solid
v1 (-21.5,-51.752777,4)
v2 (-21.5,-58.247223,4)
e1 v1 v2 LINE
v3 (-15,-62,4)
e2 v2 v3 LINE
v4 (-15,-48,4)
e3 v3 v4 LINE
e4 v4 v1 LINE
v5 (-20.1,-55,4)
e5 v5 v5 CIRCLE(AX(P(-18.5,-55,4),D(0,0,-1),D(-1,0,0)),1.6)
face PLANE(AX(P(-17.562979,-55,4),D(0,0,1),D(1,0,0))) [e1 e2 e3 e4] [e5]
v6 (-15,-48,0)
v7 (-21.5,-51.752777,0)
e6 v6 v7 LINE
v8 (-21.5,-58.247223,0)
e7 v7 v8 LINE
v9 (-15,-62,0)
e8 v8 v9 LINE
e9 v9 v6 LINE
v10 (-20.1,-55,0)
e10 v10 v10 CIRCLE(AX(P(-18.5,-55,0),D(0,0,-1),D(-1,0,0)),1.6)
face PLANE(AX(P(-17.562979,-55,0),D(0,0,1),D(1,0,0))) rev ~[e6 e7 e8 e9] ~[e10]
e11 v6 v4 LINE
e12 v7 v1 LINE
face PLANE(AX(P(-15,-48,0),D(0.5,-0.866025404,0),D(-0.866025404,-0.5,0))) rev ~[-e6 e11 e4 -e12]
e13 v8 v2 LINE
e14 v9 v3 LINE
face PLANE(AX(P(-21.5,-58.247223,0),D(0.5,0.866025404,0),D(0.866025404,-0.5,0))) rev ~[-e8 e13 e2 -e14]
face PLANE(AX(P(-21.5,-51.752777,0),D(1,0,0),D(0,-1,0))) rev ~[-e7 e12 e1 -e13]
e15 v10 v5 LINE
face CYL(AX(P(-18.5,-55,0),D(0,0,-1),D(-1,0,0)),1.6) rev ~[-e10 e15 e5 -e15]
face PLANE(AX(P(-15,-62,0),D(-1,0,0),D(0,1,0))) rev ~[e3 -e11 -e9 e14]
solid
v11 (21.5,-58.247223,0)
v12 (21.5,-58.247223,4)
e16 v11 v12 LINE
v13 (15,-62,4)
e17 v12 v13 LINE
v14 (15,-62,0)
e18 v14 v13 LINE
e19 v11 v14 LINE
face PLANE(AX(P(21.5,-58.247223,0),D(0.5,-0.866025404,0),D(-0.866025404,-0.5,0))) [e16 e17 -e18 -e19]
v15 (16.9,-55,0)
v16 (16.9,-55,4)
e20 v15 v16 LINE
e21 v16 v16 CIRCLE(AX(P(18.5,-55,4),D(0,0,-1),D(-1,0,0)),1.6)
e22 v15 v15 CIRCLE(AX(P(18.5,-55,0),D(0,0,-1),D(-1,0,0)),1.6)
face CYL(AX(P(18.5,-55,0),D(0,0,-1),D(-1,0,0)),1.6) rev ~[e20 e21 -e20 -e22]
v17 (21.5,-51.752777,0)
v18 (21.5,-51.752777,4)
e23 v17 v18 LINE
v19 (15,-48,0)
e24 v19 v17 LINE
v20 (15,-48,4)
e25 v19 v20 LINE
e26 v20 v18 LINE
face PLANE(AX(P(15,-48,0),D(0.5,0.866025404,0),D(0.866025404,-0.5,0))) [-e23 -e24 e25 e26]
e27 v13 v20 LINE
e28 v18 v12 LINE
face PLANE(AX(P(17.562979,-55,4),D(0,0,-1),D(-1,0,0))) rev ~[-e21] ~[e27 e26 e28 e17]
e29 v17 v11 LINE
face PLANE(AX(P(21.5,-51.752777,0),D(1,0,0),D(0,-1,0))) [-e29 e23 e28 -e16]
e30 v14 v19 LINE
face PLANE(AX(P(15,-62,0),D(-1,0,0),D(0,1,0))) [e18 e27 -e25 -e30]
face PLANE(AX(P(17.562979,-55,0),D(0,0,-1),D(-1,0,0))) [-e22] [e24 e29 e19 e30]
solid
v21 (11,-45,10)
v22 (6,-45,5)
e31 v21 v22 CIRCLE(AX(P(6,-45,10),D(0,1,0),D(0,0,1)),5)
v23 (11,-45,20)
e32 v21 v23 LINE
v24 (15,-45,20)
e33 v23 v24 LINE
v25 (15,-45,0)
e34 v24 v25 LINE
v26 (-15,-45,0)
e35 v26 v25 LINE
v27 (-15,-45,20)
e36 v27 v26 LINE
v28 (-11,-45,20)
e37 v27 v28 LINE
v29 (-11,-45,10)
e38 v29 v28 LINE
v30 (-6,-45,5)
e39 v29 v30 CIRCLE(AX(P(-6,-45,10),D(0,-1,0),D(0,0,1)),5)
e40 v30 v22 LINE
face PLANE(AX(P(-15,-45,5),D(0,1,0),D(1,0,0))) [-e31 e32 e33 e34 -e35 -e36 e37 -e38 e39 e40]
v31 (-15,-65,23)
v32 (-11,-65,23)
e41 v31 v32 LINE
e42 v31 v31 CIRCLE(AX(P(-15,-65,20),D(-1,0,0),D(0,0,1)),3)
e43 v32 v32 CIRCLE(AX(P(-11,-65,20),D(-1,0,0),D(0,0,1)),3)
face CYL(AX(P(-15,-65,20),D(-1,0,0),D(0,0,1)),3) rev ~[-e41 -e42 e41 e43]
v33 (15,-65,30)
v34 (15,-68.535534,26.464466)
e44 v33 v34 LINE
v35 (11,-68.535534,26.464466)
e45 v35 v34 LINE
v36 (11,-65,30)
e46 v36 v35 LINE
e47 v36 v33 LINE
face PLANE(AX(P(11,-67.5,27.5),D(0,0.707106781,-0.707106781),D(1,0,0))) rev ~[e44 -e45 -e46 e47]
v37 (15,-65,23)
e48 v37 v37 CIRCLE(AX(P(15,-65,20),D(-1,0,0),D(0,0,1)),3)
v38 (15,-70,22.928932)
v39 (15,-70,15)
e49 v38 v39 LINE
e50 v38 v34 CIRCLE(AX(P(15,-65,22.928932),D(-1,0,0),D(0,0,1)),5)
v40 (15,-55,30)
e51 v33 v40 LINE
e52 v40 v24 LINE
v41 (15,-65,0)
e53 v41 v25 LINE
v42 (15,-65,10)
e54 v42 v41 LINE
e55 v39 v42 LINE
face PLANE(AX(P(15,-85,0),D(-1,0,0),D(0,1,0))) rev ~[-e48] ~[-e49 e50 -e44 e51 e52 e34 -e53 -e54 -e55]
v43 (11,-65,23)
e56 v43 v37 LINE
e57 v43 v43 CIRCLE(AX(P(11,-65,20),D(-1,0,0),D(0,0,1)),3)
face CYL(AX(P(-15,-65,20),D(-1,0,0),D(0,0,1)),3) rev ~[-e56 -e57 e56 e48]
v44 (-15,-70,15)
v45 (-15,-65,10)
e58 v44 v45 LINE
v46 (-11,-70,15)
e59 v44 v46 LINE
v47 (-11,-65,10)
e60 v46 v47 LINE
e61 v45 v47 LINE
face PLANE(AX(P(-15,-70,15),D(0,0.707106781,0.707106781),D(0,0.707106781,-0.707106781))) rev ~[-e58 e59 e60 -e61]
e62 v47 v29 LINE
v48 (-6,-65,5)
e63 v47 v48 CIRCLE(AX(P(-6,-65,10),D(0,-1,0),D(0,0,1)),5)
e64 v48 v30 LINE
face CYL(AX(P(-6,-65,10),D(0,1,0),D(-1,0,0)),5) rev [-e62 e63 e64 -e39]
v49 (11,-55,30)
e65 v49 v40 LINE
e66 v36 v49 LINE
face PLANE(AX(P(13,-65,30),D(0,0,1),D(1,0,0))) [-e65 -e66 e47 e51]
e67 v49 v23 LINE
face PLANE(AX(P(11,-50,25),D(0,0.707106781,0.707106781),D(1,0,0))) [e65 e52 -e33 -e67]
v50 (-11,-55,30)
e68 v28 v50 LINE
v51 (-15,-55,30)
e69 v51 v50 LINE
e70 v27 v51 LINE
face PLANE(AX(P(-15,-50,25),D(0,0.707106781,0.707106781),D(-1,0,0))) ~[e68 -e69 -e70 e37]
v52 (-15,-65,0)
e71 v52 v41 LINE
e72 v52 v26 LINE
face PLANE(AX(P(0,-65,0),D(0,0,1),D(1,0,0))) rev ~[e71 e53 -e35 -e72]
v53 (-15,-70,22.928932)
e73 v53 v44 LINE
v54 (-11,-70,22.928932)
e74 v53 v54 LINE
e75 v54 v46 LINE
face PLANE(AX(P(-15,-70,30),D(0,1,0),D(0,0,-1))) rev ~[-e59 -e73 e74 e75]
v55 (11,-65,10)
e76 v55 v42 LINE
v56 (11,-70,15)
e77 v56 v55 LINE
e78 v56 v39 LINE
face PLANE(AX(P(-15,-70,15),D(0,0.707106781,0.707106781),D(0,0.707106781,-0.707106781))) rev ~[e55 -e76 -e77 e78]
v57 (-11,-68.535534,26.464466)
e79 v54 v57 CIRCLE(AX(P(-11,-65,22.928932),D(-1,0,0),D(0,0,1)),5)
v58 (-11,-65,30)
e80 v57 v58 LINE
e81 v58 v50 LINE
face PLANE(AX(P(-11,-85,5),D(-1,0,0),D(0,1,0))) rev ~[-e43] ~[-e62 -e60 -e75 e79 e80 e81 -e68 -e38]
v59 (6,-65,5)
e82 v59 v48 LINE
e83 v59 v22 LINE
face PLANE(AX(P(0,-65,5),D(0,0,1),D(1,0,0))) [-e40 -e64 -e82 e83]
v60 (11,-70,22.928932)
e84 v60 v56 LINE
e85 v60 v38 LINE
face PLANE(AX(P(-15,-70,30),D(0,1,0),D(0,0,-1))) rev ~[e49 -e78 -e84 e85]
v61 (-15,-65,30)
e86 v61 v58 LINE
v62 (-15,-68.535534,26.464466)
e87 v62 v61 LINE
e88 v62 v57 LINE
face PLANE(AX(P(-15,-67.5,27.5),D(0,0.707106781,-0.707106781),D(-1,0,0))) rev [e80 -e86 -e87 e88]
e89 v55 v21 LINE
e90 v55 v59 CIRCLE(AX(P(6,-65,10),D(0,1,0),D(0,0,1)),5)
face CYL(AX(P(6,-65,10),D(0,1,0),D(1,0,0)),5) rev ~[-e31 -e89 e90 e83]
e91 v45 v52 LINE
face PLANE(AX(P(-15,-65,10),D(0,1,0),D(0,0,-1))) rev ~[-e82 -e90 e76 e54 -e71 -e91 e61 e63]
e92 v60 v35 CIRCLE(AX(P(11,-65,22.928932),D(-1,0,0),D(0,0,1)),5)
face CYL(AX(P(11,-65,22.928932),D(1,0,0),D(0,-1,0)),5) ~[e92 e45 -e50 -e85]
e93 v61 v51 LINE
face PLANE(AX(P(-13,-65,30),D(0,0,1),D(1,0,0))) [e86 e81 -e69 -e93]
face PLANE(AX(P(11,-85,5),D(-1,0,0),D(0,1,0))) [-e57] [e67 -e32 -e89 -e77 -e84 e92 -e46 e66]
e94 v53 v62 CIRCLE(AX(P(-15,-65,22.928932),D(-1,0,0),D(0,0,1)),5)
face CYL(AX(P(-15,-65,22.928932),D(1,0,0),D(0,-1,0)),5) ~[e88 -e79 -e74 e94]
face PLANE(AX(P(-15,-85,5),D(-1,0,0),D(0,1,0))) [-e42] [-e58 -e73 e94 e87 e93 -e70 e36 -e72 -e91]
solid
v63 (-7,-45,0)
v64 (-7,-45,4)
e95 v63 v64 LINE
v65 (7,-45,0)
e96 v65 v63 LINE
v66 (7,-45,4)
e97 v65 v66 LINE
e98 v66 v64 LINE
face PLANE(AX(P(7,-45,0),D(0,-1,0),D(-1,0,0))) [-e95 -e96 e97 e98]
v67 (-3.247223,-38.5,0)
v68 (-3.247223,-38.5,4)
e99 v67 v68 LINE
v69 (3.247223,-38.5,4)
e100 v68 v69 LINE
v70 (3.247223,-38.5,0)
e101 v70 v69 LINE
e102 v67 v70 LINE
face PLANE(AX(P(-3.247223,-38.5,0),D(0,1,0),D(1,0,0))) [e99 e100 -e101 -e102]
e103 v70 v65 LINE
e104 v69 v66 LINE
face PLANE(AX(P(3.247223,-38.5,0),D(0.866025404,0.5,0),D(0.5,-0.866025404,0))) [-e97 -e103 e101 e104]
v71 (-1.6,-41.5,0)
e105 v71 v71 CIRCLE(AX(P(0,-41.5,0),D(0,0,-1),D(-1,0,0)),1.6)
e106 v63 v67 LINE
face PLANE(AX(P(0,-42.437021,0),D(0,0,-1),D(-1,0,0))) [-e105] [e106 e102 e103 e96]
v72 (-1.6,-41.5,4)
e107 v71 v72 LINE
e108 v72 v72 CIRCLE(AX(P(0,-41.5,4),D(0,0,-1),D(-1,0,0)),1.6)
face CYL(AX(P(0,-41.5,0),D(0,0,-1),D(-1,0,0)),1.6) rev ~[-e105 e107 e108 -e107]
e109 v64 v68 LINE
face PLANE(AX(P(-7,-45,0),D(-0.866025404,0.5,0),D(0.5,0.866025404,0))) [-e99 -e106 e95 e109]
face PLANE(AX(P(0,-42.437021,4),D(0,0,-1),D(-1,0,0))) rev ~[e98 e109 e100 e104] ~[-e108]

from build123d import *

# Parameters (mm, degrees)
SKETCH1_W             = 30
SKETCH1_H             = 40
BOSS_EXTRUDE1_DEPTH   = 5
SKETCH2_W             = 4
SKETCH2_H             = 40
BOSS_EXTRUDE2_DEPTH   = 25
CHAMFER1_SIZE         = 10
SKETCH3_R             = 3
CUT_EXTRUDE1_DEPTH    = 76
CUT_EXTRUDE2_DEPTH    = 76
CHAMFER2_SIZE         = 5
FILLET1_R             = 5
FILLET2_R             = 5
SKETCH5_R             = 1.6
BOSS_EXTRUDE3_DEPTH   = 4
BOSS_EXTRUDE3_2_DEPTH = 4
BOSS_EXTRUDE3_3_DEPTH = 4


with BuildPart() as part:
    # Sketch1 → Boss-Extrude1 (new body)
    with BuildSketch(Plane.XY):
        with Locations((0, -65)):
            Rectangle(SKETCH1_W, SKETCH1_H)
    extrude(amount=BOSS_EXTRUDE1_DEPTH)

    # Sketch2 → Boss-Extrude2 (add)
    with BuildSketch(Plane.XY.offset(5)):
        with Locations((-13, -65)):
            Rectangle(SKETCH2_W, SKETCH2_H)
        with Locations((13, -65)):
            Rectangle(SKETCH2_W, SKETCH2_H)
    extrude(amount=BOSS_EXTRUDE2_DEPTH)

    # Chamfer1
    chamfer1_edges = [part.edges().sort_by_distance(p)[0] for p in [
        (-13, -85, 30),
        (-13, -45, 30),
        (13, -45, 30),
        (13, -85, 30),
    ]]
    chamfer(chamfer1_edges, length=CHAMFER1_SIZE)

    # Sketch3 → Cut-Extrude1 (cut)
    with BuildSketch(Plane.ZY.offset(15)):
        with Locations((20, -65)):
            Circle(SKETCH3_R)
    extrude(amount=-CUT_EXTRUDE1_DEPTH, mode=Mode.SUBTRACT)

    # Sketch4 → Cut-Extrude2 (cut)
    with BuildSketch(Plane.ZY.offset(15)):
        Polygon((30, -70), (15, -70), (10, -65), (0, -65), (-4.906165795, -89.804855258), (31.217938956, -87.25505427), align=None)
    extrude(amount=-CUT_EXTRUDE2_DEPTH, mode=Mode.SUBTRACT)

    # Chamfer2
    chamfer2_edges = [part.edges().sort_by_distance(p)[0] for p in [
        (13, -70, 30),
        (-13, -70, 30),
    ]]
    chamfer(chamfer2_edges, length=CHAMFER2_SIZE)

    # Fillet1
    fillet1_edges = [part.edges().sort_by_distance(p)[0] for p in [
        (11, -55, 5),
        (-11, -55, 5),
    ]]
    fillet(fillet1_edges, radius=FILLET1_R)

    # Fillet2
    fillet2_edges = [part.edges().sort_by_distance(p)[0] for p in [
        (-13, -70, 25),
        (13, -70, 25),
    ]]
    fillet(fillet2_edges, radius=FILLET2_R)


with BuildPart() as body_2:
    # Sketch5 → Boss-Extrude3 (new body)
    with BuildSketch(Plane(origin=(0, 0, 0), x_dir=(-1, 0, 0), z_dir=(0, 0, -1))):
        Polygon((7, -45), (3.24722325, -38.5), (-3.24722325, -38.5), (-7, -45), align=None)
        with Locations((0, -41.5)):
            Circle(SKETCH5_R, mode=Mode.SUBTRACT)
    extrude(amount=-BOSS_EXTRUDE3_DEPTH)


with BuildPart() as body_3:
    # Sketch5 → Boss-Extrude3 2 (new body)
    with BuildSketch(Plane(origin=(0, 0, 0), x_dir=(-1, 0, 0), z_dir=(0, 0, -1))):
        Polygon((15, -48), (21.5, -51.75277675), (21.5, -58.24722325), (15, -62), align=None)
        with Locations((18.5, -55)):
            Circle(SKETCH5_R, mode=Mode.SUBTRACT)
    extrude(amount=-BOSS_EXTRUDE3_2_DEPTH)


with BuildPart() as body_4:
    # Sketch5 → Boss-Extrude3 3 (new body)
    with BuildSketch(Plane(origin=(0, 0, 0), x_dir=(-1, 0, 0), z_dir=(0, 0, -1))):
        Polygon((-15, -62), (-15, -48), (-21.5, -51.75277675), (-21.5, -58.24722325), align=None)
        with Locations((-18.5, -55)):
            Circle(SKETCH5_R, mode=Mode.SUBTRACT)
    extrude(amount=-BOSS_EXTRUDE3_3_DEPTH)


solid = Compound([part.part, body_2.part, body_3.part, body_4.part])
